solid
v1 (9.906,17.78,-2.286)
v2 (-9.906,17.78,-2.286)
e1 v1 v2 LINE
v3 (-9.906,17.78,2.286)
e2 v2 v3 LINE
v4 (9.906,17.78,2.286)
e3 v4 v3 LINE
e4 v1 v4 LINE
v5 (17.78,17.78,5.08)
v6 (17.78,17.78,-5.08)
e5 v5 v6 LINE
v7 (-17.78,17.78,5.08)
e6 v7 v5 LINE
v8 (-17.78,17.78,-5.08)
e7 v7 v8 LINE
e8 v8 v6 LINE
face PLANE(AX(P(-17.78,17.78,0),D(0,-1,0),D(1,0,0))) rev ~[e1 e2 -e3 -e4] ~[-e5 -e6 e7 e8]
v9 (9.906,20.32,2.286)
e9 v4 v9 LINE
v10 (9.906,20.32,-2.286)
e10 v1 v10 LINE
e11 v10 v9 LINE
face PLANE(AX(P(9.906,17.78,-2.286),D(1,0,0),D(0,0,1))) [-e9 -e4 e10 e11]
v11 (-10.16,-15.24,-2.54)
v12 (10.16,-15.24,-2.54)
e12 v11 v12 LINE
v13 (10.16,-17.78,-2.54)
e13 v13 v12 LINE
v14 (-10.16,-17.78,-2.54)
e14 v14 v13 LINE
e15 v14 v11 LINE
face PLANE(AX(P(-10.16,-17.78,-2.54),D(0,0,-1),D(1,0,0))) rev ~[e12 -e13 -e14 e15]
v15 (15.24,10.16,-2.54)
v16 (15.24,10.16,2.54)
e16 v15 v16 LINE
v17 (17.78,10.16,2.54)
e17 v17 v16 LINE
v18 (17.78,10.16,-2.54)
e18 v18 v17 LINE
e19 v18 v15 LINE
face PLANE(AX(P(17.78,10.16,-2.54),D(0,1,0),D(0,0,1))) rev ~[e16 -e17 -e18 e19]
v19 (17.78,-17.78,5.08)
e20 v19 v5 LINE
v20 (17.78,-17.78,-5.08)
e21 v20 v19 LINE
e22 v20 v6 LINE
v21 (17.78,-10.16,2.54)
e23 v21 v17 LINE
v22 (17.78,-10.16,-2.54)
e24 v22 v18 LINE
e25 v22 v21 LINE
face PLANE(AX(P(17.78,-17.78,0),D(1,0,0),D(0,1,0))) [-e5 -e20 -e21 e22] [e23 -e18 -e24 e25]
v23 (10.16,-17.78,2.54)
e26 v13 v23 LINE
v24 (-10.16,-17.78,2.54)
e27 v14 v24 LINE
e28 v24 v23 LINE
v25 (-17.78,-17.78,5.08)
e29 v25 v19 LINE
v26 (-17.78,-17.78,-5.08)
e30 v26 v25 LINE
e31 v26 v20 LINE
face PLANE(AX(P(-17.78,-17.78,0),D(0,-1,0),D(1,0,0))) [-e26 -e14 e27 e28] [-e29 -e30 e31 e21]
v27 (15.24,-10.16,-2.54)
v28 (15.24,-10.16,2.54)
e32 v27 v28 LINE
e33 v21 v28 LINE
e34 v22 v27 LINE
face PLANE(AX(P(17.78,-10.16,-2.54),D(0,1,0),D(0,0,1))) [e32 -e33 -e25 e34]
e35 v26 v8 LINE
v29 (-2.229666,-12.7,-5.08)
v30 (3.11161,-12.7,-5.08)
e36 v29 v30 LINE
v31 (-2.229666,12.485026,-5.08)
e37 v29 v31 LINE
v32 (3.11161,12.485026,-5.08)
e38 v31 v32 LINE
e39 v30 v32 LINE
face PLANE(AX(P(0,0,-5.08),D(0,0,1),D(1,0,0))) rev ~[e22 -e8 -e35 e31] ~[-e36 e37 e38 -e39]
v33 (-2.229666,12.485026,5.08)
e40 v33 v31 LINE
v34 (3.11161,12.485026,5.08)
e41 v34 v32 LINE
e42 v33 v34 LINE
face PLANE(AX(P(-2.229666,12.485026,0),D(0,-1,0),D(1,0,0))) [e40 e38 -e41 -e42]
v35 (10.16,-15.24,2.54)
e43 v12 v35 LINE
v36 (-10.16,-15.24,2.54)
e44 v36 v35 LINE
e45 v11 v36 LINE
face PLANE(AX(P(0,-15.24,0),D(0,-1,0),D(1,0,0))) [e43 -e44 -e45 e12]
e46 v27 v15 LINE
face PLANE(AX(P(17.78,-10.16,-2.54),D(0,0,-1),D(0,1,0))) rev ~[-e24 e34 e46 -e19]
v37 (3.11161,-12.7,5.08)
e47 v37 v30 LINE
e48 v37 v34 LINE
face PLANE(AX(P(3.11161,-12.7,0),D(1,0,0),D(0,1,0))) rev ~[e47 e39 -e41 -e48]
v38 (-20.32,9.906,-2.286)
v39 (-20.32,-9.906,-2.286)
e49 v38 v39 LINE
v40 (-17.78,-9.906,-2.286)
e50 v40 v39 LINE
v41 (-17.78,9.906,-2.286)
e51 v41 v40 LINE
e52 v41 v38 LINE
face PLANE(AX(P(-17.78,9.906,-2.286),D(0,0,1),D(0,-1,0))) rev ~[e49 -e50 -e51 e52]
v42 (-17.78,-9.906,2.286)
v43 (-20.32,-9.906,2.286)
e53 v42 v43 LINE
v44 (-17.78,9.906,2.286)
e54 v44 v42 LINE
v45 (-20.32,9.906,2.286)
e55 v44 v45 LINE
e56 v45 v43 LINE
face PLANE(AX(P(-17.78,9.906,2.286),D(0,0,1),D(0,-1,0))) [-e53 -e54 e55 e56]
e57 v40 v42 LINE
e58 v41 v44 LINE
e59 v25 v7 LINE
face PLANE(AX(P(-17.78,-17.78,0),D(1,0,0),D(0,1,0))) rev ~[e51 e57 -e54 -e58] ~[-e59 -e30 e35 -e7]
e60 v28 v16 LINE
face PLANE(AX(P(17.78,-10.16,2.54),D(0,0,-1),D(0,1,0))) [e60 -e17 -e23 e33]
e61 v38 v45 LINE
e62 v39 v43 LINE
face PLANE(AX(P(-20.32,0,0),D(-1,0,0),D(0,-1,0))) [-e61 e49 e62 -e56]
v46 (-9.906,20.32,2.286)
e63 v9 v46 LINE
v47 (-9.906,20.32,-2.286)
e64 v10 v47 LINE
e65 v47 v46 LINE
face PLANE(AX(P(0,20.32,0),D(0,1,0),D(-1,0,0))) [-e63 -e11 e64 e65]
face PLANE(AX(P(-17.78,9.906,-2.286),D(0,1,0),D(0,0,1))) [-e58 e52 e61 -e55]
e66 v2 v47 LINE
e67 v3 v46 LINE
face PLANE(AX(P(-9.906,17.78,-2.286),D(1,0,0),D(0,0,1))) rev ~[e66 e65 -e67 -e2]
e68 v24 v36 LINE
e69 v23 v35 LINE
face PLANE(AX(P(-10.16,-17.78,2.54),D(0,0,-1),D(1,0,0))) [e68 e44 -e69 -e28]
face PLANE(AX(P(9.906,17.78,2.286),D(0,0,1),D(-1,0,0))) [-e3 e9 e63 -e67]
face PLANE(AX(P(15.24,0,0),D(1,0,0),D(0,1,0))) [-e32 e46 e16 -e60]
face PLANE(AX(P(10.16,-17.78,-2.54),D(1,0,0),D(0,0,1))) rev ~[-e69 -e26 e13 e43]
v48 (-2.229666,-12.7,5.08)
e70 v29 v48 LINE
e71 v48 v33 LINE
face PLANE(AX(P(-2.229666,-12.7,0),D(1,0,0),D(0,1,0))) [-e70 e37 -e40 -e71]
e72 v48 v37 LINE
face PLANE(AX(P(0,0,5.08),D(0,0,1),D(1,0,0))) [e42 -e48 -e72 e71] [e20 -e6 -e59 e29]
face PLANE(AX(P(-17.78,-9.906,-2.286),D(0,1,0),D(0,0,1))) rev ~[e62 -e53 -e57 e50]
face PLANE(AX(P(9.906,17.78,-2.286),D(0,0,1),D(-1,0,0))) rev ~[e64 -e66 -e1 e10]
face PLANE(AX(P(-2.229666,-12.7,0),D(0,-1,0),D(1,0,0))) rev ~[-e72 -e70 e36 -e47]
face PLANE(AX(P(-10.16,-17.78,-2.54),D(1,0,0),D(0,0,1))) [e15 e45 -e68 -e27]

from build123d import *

# Parameters (mm, degrees)
F0_W     = 35.56
F0_H     = 35.56
F0_W_2   = 5.3412760417
F0_H_2   = 25.1850260417
F1_DEPTH = 5.08
F2_W     = 19.812
F2_H     = 4.572
F3_DEPTH = 2.54
F4_W     = 19.812
F4_H     = 4.572
F5_DEPTH = 2.54
F6_W     = 20.32
F6_H     = 5.08
F7_DEPTH = 2.54
F8_W     = 20.32
F8_H     = 5.08
F9_DEPTH = 2.54


with BuildPart() as f1:
    # F0 (on Top) → F1 (new body, symmetric)
    with BuildSketch(Plane.XY):
        Rectangle(F0_W, F0_H)
        with Locations((0.4409722222, -0.1074869792)):
            Rectangle(F0_W_2, F0_H_2, mode=Mode.SUBTRACT)
    extrude(amount=F1_DEPTH, both=True)

    # F2 (on face) → F3 (join)
    with BuildSketch(Plane(origin=(0, 17.78, 0), x_dir=(-1, 0, 0), z_dir=(0, 1, 0))):
        Rectangle(F2_W, F2_H)
    extrude(amount=F3_DEPTH)

    # F4 (on face) → F5 (join)
    with BuildSketch(Plane(origin=(-17.78, 0, 0), x_dir=(0, -1, 0), z_dir=(-1, 0, 0))):
        Rectangle(F4_W, F4_H)
    extrude(amount=F5_DEPTH)

    # F6 (on face) → F7 (cut)
    with BuildSketch(Plane.XZ.offset(17.78)):
        Rectangle(F6_W, F6_H)
    extrude(amount=-F7_DEPTH, mode=Mode.SUBTRACT)

    # F8 (on face) → F9 (cut)
    with BuildSketch(Plane.YZ.offset(17.78)):
        Rectangle(F8_W, F8_H)
    extrude(amount=-F9_DEPTH, mode=Mode.SUBTRACT)


solid = f1.part
